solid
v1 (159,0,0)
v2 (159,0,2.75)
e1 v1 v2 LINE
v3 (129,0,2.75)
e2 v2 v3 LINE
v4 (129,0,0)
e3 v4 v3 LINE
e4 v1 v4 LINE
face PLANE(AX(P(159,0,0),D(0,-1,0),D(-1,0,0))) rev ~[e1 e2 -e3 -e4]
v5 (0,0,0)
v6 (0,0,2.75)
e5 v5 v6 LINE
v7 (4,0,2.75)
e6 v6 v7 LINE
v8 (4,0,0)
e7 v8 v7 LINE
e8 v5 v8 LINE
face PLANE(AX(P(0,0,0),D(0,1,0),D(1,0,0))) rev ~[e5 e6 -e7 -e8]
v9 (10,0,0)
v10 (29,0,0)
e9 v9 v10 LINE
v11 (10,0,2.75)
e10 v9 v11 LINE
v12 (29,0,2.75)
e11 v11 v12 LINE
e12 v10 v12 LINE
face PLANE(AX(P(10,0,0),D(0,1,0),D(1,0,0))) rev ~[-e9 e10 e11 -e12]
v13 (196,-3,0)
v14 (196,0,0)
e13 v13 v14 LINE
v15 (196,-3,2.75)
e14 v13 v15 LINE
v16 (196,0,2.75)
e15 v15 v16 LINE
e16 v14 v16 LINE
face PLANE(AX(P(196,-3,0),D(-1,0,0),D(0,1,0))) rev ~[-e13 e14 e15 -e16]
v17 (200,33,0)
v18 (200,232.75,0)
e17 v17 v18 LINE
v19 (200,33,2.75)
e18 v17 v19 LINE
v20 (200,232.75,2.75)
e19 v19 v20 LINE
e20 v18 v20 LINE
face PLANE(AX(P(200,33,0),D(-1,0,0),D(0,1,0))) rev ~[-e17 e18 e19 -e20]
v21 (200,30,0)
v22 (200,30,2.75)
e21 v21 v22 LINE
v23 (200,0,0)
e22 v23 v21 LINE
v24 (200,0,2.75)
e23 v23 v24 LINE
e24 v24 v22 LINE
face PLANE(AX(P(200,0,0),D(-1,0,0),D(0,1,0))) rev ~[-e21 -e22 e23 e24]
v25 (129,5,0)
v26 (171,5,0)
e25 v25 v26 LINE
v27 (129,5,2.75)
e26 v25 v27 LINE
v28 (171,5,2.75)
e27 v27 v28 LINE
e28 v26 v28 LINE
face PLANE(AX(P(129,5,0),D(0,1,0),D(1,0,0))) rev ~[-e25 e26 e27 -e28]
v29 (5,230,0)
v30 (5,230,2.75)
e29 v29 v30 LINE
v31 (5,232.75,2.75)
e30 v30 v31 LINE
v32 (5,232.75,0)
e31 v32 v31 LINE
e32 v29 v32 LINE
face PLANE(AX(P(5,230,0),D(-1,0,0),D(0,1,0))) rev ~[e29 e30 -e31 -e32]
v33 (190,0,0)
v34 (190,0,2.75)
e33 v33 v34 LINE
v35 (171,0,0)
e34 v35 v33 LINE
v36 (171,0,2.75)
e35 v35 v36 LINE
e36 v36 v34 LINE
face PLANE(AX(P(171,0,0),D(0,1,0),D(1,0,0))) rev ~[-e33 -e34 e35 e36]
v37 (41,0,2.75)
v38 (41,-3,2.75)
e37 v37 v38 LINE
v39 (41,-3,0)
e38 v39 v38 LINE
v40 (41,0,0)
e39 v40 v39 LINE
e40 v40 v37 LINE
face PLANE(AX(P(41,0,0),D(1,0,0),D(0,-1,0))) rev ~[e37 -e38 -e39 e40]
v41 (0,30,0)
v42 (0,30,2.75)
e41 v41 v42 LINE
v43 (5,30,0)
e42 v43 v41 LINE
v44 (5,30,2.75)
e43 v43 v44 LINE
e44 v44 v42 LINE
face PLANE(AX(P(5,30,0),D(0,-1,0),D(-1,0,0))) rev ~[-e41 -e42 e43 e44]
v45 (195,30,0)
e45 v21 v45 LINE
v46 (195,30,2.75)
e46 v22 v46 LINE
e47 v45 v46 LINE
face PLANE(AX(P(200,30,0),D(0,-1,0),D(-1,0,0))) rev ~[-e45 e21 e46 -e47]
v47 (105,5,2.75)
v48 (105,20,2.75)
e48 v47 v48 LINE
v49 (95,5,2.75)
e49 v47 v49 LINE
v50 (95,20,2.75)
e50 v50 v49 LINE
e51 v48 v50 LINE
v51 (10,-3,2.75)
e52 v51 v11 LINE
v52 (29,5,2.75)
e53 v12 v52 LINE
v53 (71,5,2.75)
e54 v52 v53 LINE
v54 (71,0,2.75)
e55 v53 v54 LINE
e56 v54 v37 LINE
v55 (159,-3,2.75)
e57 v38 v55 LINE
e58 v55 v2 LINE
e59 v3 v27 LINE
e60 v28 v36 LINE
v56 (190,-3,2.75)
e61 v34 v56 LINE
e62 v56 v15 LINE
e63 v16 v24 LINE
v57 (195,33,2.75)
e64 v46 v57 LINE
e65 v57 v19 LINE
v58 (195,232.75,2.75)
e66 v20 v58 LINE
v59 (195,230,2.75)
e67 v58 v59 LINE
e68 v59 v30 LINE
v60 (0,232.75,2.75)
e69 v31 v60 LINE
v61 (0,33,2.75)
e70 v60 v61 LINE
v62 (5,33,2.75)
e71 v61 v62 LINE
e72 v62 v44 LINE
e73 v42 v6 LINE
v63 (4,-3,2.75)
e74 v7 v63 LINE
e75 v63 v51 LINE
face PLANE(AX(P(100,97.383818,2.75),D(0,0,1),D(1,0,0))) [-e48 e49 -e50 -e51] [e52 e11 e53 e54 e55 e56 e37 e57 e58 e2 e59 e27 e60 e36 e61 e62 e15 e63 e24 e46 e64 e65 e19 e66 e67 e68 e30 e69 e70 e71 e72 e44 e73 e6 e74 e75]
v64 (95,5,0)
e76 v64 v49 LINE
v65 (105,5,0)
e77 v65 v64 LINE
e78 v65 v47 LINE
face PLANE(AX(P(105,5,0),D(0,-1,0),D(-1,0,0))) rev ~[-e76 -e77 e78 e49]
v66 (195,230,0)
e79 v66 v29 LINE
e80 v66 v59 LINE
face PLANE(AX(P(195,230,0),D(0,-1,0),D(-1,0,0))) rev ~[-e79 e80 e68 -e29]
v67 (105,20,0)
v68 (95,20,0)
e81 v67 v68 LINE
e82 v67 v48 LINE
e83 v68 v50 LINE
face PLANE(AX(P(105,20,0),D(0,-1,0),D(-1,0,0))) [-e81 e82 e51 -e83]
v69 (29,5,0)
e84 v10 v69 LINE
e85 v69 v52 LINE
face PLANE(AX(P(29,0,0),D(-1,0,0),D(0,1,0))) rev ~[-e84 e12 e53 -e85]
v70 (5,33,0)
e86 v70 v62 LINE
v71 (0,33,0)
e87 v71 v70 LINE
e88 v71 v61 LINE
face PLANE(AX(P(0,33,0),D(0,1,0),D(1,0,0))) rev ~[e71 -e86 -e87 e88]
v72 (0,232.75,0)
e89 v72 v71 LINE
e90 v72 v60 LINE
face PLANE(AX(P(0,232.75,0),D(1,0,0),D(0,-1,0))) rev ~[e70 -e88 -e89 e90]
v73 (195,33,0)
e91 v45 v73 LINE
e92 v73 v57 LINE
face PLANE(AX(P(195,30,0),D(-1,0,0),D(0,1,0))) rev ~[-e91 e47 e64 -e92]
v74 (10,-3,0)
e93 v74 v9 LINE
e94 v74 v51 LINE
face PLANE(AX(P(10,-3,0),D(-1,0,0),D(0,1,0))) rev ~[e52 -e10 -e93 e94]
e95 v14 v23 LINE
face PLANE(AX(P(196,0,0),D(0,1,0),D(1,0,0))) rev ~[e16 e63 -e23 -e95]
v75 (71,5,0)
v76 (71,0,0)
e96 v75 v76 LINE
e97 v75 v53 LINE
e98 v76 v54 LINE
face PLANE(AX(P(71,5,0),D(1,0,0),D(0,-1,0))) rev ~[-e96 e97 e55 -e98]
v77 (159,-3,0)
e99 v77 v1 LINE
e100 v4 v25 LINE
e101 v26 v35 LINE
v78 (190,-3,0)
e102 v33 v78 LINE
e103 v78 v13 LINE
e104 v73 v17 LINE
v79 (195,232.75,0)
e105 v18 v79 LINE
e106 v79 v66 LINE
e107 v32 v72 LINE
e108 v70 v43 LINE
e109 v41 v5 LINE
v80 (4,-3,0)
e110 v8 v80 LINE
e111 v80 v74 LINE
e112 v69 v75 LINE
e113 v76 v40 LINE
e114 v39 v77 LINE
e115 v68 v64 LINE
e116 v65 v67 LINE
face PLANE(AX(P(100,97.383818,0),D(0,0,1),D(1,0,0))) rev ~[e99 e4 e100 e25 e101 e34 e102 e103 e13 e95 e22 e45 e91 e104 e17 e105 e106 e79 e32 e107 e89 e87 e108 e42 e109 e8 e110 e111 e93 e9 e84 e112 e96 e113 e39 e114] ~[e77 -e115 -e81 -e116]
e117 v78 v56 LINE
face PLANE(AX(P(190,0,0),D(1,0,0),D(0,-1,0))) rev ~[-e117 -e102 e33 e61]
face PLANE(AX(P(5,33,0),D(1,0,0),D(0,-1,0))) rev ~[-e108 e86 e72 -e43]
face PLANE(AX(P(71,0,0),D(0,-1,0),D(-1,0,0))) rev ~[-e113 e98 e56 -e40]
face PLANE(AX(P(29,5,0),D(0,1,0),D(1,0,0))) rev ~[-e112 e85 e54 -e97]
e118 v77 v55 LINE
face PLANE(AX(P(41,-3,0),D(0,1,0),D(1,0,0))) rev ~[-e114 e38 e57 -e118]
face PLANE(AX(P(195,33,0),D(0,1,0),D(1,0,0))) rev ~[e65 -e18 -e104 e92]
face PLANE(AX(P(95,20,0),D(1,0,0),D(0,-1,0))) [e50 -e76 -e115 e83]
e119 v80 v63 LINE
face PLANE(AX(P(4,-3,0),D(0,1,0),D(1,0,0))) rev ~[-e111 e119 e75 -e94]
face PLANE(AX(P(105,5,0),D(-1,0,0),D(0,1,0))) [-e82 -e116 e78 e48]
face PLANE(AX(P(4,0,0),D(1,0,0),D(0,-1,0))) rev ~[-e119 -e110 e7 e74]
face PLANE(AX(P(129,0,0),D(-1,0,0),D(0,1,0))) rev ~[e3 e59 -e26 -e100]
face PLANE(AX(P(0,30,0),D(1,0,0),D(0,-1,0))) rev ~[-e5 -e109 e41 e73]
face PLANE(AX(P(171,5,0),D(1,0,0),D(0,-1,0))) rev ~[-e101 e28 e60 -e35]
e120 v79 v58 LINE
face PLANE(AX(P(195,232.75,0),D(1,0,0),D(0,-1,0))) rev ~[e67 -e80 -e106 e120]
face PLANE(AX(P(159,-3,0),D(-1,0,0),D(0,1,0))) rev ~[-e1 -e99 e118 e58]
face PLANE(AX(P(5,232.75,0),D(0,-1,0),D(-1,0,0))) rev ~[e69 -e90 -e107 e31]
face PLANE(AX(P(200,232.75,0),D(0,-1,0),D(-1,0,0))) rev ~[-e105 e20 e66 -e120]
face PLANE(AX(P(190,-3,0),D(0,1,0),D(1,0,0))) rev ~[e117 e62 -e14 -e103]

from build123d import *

# Parameters (mm, degrees)
EXTRUDE_1_DEPTH = 2.75


with BuildPart() as part:
    # 草图1 → 凸台-拉伸1 (new body)
    with BuildSketch(Plane.XY):
        Polygon((200, 0), (200, 27), (200, 30), (195, 30), (195, 33), (200, 33), (200, 230), (200, 232.75), (195, 232.75), (195, 230), (5, 230), (5, 232.75), (0, 232.75), (0, 230), (0, 33), (5, 33), (5, 30), (0, 30), (0, 27), (0, 0), (4, 0), (4, -3), (10, -3), (10, 0), (29, 0), (29, 5), (71, 5), (71, 0), (41, 0), (41, -3), (159, -3), (159, 0), (129, 0), (129, 5), (171, 5), (171, 0), (190, 0), (190, -3), (196, -3), (196, 0), align=None)
        Polygon((95, 5), (100, 5), (105, 5), (105, 20), (95, 20), align=None, mode=Mode.SUBTRACT)
    extrude(amount=EXTRUDE_1_DEPTH)


solid = part.part
